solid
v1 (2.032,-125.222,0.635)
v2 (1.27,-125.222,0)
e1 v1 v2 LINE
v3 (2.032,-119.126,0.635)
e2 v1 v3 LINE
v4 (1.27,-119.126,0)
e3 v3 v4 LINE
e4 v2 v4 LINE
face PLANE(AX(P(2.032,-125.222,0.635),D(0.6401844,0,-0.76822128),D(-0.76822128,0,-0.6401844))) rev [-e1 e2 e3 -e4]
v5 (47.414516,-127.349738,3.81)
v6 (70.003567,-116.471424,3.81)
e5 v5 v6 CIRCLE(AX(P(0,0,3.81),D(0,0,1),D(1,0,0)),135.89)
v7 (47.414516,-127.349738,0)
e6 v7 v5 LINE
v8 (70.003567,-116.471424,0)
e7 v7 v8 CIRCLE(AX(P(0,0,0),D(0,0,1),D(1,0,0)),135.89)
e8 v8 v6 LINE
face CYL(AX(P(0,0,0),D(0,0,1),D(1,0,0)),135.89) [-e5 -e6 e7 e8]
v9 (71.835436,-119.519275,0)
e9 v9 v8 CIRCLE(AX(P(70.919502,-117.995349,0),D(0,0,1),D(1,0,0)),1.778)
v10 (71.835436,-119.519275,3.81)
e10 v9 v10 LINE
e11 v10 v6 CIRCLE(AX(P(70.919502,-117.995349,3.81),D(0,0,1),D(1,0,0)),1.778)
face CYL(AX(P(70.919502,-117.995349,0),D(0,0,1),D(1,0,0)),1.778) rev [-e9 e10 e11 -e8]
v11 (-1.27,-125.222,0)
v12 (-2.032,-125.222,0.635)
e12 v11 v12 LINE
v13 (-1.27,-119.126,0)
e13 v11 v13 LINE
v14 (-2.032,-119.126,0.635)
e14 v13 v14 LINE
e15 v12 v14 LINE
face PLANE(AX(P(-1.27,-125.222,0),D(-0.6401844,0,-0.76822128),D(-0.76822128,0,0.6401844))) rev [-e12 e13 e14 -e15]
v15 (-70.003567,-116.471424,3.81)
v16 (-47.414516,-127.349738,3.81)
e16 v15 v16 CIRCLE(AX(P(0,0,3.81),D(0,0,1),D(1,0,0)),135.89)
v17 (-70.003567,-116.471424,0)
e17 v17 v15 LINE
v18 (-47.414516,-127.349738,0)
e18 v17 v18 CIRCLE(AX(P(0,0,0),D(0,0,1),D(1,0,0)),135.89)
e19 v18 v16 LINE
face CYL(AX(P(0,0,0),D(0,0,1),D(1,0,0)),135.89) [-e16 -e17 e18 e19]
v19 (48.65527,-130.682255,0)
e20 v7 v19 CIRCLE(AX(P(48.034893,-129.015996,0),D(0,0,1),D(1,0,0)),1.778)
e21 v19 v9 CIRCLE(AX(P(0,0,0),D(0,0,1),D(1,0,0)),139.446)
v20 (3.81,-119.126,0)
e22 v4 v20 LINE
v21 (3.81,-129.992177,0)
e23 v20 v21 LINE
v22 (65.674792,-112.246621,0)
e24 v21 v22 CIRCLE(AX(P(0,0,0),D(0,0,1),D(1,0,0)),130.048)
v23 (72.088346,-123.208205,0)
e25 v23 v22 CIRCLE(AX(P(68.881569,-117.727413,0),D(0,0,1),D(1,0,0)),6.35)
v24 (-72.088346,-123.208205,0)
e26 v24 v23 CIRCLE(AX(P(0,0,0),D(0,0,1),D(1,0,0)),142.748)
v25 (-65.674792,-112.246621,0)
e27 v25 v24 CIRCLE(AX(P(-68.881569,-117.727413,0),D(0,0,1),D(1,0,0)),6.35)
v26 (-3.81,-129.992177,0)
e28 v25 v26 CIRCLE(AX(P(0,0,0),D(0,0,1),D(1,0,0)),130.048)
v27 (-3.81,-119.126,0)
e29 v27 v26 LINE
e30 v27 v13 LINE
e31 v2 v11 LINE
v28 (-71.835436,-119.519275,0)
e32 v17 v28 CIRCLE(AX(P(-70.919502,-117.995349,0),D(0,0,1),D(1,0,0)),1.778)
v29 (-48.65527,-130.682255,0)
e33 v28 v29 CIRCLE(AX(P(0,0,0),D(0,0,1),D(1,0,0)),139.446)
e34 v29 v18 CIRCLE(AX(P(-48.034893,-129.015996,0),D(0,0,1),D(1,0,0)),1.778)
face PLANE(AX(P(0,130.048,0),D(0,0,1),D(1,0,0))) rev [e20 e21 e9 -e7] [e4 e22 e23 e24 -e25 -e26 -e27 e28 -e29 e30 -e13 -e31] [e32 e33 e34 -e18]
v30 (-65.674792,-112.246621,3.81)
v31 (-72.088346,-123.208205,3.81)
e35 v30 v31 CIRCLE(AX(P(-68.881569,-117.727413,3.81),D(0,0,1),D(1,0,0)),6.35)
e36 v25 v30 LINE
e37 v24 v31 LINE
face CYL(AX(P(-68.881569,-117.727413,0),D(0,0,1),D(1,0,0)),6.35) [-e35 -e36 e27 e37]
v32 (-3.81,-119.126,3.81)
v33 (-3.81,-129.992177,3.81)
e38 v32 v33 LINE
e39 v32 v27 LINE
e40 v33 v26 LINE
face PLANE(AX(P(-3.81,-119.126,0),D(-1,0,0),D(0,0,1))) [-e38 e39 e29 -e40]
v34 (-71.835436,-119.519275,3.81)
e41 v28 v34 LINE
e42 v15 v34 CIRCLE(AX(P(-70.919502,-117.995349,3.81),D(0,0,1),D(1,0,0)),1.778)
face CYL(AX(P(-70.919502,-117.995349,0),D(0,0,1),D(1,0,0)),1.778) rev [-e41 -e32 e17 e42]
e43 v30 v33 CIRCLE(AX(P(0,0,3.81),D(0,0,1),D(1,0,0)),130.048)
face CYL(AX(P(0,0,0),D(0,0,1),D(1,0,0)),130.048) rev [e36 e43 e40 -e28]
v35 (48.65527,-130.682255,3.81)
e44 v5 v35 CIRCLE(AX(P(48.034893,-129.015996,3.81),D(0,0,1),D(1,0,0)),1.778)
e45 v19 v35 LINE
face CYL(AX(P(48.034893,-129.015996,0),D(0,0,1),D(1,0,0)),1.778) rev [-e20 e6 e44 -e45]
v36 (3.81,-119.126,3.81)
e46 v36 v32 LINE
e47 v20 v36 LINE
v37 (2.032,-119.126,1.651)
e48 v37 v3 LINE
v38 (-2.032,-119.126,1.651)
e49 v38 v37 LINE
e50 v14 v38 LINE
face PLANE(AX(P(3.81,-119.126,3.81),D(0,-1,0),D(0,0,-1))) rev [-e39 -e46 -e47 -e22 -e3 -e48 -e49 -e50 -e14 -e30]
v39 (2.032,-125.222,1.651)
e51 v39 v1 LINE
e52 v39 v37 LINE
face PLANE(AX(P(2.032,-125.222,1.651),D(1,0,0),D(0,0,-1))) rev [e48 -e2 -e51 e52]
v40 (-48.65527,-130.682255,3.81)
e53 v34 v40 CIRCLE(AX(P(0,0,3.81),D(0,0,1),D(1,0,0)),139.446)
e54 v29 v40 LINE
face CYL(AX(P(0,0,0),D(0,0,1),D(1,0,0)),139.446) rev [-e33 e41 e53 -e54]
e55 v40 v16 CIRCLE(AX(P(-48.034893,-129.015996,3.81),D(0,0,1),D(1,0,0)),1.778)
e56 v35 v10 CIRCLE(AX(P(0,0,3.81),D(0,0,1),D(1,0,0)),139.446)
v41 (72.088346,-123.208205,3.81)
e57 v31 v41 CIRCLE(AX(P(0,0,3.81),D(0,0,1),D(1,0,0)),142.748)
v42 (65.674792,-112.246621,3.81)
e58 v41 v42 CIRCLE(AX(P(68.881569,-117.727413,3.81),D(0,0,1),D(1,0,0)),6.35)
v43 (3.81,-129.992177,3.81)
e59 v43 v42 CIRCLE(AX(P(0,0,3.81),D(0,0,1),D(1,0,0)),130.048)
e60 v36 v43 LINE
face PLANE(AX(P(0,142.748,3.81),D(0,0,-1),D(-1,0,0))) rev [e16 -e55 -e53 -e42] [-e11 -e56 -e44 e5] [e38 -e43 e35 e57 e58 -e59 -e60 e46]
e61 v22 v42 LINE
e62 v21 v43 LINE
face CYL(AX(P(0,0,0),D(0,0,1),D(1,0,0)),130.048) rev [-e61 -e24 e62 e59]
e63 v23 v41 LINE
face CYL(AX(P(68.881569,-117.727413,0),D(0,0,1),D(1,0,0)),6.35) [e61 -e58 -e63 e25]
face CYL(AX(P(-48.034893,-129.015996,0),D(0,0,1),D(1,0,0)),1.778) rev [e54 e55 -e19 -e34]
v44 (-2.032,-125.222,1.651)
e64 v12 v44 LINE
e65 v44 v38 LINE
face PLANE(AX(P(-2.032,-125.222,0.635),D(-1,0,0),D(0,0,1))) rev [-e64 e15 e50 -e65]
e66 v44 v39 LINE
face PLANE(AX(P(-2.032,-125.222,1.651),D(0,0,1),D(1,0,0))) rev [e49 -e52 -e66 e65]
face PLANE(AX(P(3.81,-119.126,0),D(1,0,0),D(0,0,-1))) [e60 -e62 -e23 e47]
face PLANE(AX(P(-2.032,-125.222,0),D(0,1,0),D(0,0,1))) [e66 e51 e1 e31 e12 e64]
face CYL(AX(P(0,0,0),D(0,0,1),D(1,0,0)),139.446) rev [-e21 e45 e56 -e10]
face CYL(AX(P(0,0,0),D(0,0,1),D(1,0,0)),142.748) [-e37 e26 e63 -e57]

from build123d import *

# Parameters (mm, degrees)
SKETCH1_W           = 3.81
SKETCH1_H           = 12.7
SKETCH2_R           = 1.778
CUT_EXTRUDE1_DEPTH  = 15.24
SKETCH3_R           = 1.778
CUT_EXTRUDE2_DEPTH  = 4.81
SKETCH6_W           = 7.62
SKETCH6_H           = 3.81
BOSS_EXTRUDE1_DEPTH = 10.922
CUT_EXTRUDE3_DEPTH  = 6.096


with BuildPart() as part:
    # Sketch1 → Revolve1 (revolve)
    with BuildSketch(Plane(origin=(0, 0, 0), x_dir=(0, 0, -1), z_dir=(1, 0, 0)), mode=Mode.PRIVATE) as revolve1_sk:
        with Locations((-1.905, 136.398)):
            Rectangle(SKETCH1_W, SKETCH1_H)
    revolve(revolve1_sk.sketch.rotate(Axis((0, 0, 0), (0, 0, -1)), 90), axis=Axis((0, 0, 0), (0, 0, -1)))  # turned: the seam where the file's is

    # Sketch2 → Cut-Extrude1 (cut, symmetric)
    with BuildSketch(Plane.XY.offset(3.81)):
        with Locations((0, 137.668)):
            Circle(SKETCH2_R)
        with Locations((107.633176528, 85.834594042)):
            Circle(SKETCH2_R)
        with Locations((134.216375814, -30.634011936)):
            Circle(SKETCH2_R)
        with Locations((59.731906597, -124.034582106)):
            Circle(SKETCH2_R)
        with Locations((-59.731906597, -124.034582106)):
            Circle(SKETCH2_R)
        with Locations((-134.216375814, -30.634011936)):
            Circle(SKETCH2_R)
        with Locations((-107.633176528, 85.834594042)):
            Circle(SKETCH2_R)
    extrude(amount=CUT_EXTRUDE1_DEPTH, both=True, mode=Mode.SUBTRACT)

    # Sketch3 → Cut-Extrude2 (cut, through all)
    with BuildSketch(Plane.XY.offset(3.81)):
        with BuildLine():
            ThreePointArc((-70.003567413, -116.471424175), (-72.443427116, -117.079414825), (-71.835436467, -119.519274528))
            ThreePointArc((-71.835436467, -119.519274528), (-66.24004713, -122.708773411), (-60.503351759, -125.636504814))
            ThreePointArc((-60.503351759, -125.636504814), (-61.333829237, -123.263136804), (-58.960461155, -122.432659533))
            ThreePointArc((-58.960461155, -122.432659533), (-64.550865586, -119.579587941), (-70.003567413, -116.471424175))
        make_face()
        with BuildLine():
            ThreePointArc((-57.953906597, -124.034582106), (-58.785953505, -125.540057695), (-60.503351759, -125.636504814))
            ThreePointArc((-60.503351759, -125.636504814), (-54.637588239, -128.296223122), (-48.655269538, -130.68225458))
            ThreePointArc((-48.655269538, -130.68225458), (-46.36863444, -129.636373168), (-47.414515852, -127.34973807))
            ThreePointArc((-47.414515852, -127.34973807), (-53.244279962, -125.024552594), (-58.960461155, -122.432659533))
            ThreePointArc((-58.960461155, -122.432659533), (-58.226430925, -123.088629147), (-57.953906597, -124.034582106))
        make_face()
        with BuildLine():
            ThreePointArc((47.414515852, -127.34973807), (46.36863444, -129.636373168), (48.655269538, -130.68225458))
            ThreePointArc((48.655269538, -130.68225458), (54.637588297, -128.296223097), (60.503351873, -125.636504759))
            ThreePointArc((60.503351873, -125.636504759), (58.129983953, -124.806027402), (58.960461282, -122.432659472))
            ThreePointArc((58.960461282, -122.432659472), (53.244280027, -125.024552566), (47.414515852, -127.34973807))
        make_face()
        with BuildLine():
            ThreePointArc((61.509906597, -124.034582106), (61.23738222, -124.980535144), (60.503351873, -125.636504759))
            ThreePointArc((60.503351873, -125.636504759), (66.240047187, -122.708773381), (71.835436467, -119.519274528))
            ThreePointArc((71.835436467, -119.519274528), (72.443427116, -117.079414825), (70.003567413, -116.471424175))
            ThreePointArc((70.003567413, -116.471424175), (64.550865648, -119.579587907), (58.960461282, -122.432659472))
            ThreePointArc((58.960461282, -122.432659472), (60.677859616, -122.529106472), (61.509906597, -124.034582106))
        make_face()
        with BuildLine():
            ThreePointArc((-72.088346147, -123.208205302), (-74.362361234, -114.520636287), (-65.67479222, -112.2466212))
            ThreePointArc((-65.67479222, -112.2466212), (-64.697785609, 112.812582815), (130.048, 0))
            ThreePointArc((130.048, 0), (112.812582815, -64.697785609), (65.67479222, -112.2466212))
            ThreePointArc((65.67479222, -112.2466212), (74.362361234, -114.520636287), (72.088346147, -123.208205302))
            ThreePointArc((72.088346147, -123.208205302), (123.829436605, -71.015928735), (142.748, 0))
            ThreePointArc((142.748, 0), (-71.015928735, 123.829436605), (-72.088346147, -123.208205302))
        make_face()
        with Locations((-134.216375814, -30.634011936)):
            Circle(SKETCH3_R, mode=Mode.SUBTRACT)
        with Locations((134.216375814, -30.634011936)):
            Circle(SKETCH3_R, mode=Mode.SUBTRACT)
        with Locations((-107.633176528, 85.834594042)):
            Circle(SKETCH3_R, mode=Mode.SUBTRACT)
        with Locations((0, 137.668)):
            Circle(SKETCH3_R, mode=Mode.SUBTRACT)
        with Locations((107.633176528, 85.834594042)):
            Circle(SKETCH3_R, mode=Mode.SUBTRACT)
    extrude(amount=-CUT_EXTRUDE2_DEPTH, mode=Mode.SUBTRACT)

    # Sketch6 → Boss-Extrude1 (add)
    with BuildSketch(Plane.XZ.offset(130.048)):
        with Locations((0, 1.905)):
            Rectangle(SKETCH6_W, SKETCH6_H)
    extrude(amount=-BOSS_EXTRUDE1_DEPTH)

    # Sketch7 → Cut-Extrude3 (cut)
    with BuildSketch(Plane(origin=(0, -119.126, 0), x_dir=(1, 0, 0), z_dir=(0, 1, 0))):
        Polygon((-1.27, 0), (-2.032, -0.635), (-2.032, -1.651), (2.032, -1.651), (2.032, -0.635), (1.27, 0), align=None)
    extrude(amount=-CUT_EXTRUDE3_DEPTH, mode=Mode.SUBTRACT)


solid = part.part
